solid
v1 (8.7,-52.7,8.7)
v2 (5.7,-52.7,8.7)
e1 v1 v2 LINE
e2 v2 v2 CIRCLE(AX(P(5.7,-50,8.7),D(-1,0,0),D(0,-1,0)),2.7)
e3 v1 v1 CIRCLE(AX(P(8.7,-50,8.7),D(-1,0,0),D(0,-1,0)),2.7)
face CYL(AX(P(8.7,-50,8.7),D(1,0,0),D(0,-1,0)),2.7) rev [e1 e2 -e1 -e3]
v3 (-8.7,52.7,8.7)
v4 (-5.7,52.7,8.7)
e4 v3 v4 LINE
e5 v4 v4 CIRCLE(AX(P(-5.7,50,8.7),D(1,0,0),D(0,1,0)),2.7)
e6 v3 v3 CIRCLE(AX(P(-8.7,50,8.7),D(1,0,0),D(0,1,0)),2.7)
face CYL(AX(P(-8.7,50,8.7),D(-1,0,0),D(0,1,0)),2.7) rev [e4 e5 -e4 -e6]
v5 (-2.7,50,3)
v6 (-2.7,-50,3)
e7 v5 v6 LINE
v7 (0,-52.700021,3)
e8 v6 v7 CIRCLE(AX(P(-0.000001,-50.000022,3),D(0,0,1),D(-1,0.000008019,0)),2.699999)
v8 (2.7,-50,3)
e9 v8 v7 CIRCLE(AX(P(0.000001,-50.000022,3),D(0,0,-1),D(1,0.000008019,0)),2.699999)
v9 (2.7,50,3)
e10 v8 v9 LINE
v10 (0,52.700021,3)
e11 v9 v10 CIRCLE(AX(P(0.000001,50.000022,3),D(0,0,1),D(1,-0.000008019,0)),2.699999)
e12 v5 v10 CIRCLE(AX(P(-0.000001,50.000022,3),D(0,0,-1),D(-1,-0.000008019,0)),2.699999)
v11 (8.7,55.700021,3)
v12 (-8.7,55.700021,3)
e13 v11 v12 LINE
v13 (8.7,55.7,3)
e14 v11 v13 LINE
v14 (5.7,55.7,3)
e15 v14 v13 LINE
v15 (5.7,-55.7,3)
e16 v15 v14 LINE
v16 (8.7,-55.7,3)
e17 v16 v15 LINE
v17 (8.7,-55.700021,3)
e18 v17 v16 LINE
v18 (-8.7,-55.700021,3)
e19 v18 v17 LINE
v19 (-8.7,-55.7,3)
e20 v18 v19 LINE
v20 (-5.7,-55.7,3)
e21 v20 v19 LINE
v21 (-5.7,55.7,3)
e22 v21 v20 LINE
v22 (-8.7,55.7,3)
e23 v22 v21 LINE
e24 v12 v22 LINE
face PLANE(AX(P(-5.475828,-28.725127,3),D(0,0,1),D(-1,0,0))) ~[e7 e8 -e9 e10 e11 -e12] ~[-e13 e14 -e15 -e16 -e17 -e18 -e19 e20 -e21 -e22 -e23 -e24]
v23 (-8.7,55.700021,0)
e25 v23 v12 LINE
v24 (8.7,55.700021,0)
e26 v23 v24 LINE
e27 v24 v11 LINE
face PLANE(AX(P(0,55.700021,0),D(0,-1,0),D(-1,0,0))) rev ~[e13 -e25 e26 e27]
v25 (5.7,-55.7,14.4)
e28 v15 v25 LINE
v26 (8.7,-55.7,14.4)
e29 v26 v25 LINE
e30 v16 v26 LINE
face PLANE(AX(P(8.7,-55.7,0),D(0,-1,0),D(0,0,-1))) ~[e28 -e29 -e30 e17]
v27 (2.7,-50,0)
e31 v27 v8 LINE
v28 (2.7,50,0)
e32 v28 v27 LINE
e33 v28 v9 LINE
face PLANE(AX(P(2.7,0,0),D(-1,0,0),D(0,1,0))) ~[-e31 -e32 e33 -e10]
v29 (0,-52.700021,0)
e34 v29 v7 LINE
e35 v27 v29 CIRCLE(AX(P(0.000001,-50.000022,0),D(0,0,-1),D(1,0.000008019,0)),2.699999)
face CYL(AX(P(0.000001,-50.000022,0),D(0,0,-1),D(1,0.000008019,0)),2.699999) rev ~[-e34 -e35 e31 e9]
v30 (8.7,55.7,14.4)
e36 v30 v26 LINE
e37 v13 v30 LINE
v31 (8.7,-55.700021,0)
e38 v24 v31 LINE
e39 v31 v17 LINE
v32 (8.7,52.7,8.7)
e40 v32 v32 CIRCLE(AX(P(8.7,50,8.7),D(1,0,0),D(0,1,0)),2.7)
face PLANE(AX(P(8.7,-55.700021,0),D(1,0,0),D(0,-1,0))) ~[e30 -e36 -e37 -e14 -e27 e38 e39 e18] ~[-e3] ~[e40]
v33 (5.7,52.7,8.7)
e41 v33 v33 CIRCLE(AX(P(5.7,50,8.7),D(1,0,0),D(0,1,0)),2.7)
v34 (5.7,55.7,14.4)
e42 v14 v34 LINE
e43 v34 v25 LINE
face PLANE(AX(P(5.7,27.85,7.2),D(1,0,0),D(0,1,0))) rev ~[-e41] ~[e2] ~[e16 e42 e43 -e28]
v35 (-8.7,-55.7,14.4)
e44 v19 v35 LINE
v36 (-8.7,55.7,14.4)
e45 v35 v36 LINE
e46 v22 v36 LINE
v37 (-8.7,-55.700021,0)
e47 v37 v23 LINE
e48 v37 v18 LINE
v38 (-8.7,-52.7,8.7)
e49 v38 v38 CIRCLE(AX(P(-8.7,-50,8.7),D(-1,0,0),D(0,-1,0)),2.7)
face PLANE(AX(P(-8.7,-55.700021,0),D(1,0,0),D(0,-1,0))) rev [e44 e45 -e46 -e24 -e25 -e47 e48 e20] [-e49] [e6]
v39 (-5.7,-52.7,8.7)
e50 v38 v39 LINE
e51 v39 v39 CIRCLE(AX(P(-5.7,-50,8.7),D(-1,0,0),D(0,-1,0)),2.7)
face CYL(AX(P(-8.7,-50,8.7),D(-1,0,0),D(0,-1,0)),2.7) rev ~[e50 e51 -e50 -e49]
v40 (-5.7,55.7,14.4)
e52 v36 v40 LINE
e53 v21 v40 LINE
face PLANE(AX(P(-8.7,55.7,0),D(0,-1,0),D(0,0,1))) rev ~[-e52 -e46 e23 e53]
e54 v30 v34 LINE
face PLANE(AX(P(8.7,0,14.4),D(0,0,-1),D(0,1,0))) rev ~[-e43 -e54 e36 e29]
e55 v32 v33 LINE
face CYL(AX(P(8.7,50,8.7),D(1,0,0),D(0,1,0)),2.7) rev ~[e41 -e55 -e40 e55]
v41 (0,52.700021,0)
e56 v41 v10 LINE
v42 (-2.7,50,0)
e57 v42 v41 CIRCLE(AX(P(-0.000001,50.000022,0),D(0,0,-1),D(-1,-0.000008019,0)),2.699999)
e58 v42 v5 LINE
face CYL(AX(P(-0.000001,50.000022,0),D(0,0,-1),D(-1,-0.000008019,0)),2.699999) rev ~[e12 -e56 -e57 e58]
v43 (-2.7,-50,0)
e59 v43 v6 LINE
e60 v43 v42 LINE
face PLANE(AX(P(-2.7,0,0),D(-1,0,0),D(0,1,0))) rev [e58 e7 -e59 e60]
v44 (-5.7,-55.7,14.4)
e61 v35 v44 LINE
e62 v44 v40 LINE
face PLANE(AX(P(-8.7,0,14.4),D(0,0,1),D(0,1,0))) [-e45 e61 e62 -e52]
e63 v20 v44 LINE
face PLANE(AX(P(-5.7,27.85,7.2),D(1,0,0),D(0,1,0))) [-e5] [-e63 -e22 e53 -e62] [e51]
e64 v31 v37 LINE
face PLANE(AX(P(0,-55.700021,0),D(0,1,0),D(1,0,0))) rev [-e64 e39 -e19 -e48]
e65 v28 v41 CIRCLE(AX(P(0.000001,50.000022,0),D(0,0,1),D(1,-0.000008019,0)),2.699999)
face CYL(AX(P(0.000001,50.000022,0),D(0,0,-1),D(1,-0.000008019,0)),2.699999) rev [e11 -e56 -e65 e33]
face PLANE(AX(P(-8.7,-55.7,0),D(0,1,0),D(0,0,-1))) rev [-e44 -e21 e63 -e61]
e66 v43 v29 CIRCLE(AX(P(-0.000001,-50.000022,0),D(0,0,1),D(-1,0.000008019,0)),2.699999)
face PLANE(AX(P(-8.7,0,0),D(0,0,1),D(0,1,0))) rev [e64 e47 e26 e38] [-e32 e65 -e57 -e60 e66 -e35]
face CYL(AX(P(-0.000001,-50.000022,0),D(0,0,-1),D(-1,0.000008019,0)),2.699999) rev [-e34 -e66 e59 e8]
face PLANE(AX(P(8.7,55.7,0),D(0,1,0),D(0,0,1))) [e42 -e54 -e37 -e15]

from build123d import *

# Parameters (mm, degrees)
PAD_DEPTH               = 3
SKETCH001_W             = 55.7
SKETCH001_H             = 14.4
SKETCH001_R             = 2.7
PAD001_DEPTH            = 3
PAD_MIRRORED_2_DEPTH    = 3
SKETCH001_MIRRORED_2_W  = 55.7
SKETCH001_MIRRORED_2_H  = 14.4
SKETCH001_MIRRORED_2_R  = 2.7
PAD001_MIRRORED_2_DEPTH = 3


with BuildPart() as part:
    # Sketch → Pad (new body)
    with BuildSketch(Plane.XY):
        with BuildLine():
            ThreePointArc((2.7, 50), (1.909196, 51.909202), (0, 52.700021))
            Line((0, 52.700021), (0, 55.700021))
            Line((0, 55.700021), (8.7, 55.700021))
            Line((8.7, 55.700021), (8.7, 0))
            Line((8.7, 0), (2.7, 0))
            Line((2.7, 0), (2.7, 50))
        make_face()
    pad = extrude(amount=PAD_DEPTH)

    # Sketch001 → Pad001 (join)
    with BuildSketch(Plane.YZ.offset(8.7)):
        with Locations((27.85, 7.2)):
            Rectangle(SKETCH001_W, SKETCH001_H)
        with Locations((50, 8.7)):
            Circle(SKETCH001_R, mode=Mode.SUBTRACT)
    pad001 = extrude(amount=-PAD001_DEPTH)

    # Sketch Mirrored 2 → Pad Mirrored 2 (add)
    with BuildSketch(Plane(origin=(0, 0, 0), x_dir=(-1, 0, 0), z_dir=(0, 0, -1))):
        with BuildLine():
            ThreePointArc((2.7, 50), (1.909196, 51.909202), (0, 52.700021))
            Line((0, 52.700021), (0, 55.700021))
            Line((0, 55.700021), (8.7, 55.700021))
            Line((8.7, 55.700021), (8.7, 0))
            Line((8.7, 0), (2.7, 0))
            Line((2.7, 0), (2.7, 50))
        make_face()
    pad_mirrored_2 = extrude(amount=-PAD_MIRRORED_2_DEPTH)

    # Sketch001 Mirrored 2 → Pad001 Mirrored 2 (add)
    with BuildSketch(Plane.YZ.offset(-8.7)):
        with Locations((27.85, 7.2)):
            Rectangle(SKETCH001_MIRRORED_2_W, SKETCH001_MIRRORED_2_H)
        with Locations((50, 8.7)):
            Circle(SKETCH001_MIRRORED_2_R, mode=Mode.SUBTRACT)
    pad001_mirrored_2 = extrude(amount=PAD001_MIRRORED_2_DEPTH)

    # Mirrored001: Pad, Pad001, Pad Mirrored 2, Pad001 Mirrored 2 across Sketch H_Axis
    add(pad.mirror(Plane.ZX))
    add(pad001.mirror(Plane.ZX))
    add(pad_mirrored_2.mirror(Plane.ZX))
    add(pad001_mirrored_2.mirror(Plane.ZX))


solid = part.part
